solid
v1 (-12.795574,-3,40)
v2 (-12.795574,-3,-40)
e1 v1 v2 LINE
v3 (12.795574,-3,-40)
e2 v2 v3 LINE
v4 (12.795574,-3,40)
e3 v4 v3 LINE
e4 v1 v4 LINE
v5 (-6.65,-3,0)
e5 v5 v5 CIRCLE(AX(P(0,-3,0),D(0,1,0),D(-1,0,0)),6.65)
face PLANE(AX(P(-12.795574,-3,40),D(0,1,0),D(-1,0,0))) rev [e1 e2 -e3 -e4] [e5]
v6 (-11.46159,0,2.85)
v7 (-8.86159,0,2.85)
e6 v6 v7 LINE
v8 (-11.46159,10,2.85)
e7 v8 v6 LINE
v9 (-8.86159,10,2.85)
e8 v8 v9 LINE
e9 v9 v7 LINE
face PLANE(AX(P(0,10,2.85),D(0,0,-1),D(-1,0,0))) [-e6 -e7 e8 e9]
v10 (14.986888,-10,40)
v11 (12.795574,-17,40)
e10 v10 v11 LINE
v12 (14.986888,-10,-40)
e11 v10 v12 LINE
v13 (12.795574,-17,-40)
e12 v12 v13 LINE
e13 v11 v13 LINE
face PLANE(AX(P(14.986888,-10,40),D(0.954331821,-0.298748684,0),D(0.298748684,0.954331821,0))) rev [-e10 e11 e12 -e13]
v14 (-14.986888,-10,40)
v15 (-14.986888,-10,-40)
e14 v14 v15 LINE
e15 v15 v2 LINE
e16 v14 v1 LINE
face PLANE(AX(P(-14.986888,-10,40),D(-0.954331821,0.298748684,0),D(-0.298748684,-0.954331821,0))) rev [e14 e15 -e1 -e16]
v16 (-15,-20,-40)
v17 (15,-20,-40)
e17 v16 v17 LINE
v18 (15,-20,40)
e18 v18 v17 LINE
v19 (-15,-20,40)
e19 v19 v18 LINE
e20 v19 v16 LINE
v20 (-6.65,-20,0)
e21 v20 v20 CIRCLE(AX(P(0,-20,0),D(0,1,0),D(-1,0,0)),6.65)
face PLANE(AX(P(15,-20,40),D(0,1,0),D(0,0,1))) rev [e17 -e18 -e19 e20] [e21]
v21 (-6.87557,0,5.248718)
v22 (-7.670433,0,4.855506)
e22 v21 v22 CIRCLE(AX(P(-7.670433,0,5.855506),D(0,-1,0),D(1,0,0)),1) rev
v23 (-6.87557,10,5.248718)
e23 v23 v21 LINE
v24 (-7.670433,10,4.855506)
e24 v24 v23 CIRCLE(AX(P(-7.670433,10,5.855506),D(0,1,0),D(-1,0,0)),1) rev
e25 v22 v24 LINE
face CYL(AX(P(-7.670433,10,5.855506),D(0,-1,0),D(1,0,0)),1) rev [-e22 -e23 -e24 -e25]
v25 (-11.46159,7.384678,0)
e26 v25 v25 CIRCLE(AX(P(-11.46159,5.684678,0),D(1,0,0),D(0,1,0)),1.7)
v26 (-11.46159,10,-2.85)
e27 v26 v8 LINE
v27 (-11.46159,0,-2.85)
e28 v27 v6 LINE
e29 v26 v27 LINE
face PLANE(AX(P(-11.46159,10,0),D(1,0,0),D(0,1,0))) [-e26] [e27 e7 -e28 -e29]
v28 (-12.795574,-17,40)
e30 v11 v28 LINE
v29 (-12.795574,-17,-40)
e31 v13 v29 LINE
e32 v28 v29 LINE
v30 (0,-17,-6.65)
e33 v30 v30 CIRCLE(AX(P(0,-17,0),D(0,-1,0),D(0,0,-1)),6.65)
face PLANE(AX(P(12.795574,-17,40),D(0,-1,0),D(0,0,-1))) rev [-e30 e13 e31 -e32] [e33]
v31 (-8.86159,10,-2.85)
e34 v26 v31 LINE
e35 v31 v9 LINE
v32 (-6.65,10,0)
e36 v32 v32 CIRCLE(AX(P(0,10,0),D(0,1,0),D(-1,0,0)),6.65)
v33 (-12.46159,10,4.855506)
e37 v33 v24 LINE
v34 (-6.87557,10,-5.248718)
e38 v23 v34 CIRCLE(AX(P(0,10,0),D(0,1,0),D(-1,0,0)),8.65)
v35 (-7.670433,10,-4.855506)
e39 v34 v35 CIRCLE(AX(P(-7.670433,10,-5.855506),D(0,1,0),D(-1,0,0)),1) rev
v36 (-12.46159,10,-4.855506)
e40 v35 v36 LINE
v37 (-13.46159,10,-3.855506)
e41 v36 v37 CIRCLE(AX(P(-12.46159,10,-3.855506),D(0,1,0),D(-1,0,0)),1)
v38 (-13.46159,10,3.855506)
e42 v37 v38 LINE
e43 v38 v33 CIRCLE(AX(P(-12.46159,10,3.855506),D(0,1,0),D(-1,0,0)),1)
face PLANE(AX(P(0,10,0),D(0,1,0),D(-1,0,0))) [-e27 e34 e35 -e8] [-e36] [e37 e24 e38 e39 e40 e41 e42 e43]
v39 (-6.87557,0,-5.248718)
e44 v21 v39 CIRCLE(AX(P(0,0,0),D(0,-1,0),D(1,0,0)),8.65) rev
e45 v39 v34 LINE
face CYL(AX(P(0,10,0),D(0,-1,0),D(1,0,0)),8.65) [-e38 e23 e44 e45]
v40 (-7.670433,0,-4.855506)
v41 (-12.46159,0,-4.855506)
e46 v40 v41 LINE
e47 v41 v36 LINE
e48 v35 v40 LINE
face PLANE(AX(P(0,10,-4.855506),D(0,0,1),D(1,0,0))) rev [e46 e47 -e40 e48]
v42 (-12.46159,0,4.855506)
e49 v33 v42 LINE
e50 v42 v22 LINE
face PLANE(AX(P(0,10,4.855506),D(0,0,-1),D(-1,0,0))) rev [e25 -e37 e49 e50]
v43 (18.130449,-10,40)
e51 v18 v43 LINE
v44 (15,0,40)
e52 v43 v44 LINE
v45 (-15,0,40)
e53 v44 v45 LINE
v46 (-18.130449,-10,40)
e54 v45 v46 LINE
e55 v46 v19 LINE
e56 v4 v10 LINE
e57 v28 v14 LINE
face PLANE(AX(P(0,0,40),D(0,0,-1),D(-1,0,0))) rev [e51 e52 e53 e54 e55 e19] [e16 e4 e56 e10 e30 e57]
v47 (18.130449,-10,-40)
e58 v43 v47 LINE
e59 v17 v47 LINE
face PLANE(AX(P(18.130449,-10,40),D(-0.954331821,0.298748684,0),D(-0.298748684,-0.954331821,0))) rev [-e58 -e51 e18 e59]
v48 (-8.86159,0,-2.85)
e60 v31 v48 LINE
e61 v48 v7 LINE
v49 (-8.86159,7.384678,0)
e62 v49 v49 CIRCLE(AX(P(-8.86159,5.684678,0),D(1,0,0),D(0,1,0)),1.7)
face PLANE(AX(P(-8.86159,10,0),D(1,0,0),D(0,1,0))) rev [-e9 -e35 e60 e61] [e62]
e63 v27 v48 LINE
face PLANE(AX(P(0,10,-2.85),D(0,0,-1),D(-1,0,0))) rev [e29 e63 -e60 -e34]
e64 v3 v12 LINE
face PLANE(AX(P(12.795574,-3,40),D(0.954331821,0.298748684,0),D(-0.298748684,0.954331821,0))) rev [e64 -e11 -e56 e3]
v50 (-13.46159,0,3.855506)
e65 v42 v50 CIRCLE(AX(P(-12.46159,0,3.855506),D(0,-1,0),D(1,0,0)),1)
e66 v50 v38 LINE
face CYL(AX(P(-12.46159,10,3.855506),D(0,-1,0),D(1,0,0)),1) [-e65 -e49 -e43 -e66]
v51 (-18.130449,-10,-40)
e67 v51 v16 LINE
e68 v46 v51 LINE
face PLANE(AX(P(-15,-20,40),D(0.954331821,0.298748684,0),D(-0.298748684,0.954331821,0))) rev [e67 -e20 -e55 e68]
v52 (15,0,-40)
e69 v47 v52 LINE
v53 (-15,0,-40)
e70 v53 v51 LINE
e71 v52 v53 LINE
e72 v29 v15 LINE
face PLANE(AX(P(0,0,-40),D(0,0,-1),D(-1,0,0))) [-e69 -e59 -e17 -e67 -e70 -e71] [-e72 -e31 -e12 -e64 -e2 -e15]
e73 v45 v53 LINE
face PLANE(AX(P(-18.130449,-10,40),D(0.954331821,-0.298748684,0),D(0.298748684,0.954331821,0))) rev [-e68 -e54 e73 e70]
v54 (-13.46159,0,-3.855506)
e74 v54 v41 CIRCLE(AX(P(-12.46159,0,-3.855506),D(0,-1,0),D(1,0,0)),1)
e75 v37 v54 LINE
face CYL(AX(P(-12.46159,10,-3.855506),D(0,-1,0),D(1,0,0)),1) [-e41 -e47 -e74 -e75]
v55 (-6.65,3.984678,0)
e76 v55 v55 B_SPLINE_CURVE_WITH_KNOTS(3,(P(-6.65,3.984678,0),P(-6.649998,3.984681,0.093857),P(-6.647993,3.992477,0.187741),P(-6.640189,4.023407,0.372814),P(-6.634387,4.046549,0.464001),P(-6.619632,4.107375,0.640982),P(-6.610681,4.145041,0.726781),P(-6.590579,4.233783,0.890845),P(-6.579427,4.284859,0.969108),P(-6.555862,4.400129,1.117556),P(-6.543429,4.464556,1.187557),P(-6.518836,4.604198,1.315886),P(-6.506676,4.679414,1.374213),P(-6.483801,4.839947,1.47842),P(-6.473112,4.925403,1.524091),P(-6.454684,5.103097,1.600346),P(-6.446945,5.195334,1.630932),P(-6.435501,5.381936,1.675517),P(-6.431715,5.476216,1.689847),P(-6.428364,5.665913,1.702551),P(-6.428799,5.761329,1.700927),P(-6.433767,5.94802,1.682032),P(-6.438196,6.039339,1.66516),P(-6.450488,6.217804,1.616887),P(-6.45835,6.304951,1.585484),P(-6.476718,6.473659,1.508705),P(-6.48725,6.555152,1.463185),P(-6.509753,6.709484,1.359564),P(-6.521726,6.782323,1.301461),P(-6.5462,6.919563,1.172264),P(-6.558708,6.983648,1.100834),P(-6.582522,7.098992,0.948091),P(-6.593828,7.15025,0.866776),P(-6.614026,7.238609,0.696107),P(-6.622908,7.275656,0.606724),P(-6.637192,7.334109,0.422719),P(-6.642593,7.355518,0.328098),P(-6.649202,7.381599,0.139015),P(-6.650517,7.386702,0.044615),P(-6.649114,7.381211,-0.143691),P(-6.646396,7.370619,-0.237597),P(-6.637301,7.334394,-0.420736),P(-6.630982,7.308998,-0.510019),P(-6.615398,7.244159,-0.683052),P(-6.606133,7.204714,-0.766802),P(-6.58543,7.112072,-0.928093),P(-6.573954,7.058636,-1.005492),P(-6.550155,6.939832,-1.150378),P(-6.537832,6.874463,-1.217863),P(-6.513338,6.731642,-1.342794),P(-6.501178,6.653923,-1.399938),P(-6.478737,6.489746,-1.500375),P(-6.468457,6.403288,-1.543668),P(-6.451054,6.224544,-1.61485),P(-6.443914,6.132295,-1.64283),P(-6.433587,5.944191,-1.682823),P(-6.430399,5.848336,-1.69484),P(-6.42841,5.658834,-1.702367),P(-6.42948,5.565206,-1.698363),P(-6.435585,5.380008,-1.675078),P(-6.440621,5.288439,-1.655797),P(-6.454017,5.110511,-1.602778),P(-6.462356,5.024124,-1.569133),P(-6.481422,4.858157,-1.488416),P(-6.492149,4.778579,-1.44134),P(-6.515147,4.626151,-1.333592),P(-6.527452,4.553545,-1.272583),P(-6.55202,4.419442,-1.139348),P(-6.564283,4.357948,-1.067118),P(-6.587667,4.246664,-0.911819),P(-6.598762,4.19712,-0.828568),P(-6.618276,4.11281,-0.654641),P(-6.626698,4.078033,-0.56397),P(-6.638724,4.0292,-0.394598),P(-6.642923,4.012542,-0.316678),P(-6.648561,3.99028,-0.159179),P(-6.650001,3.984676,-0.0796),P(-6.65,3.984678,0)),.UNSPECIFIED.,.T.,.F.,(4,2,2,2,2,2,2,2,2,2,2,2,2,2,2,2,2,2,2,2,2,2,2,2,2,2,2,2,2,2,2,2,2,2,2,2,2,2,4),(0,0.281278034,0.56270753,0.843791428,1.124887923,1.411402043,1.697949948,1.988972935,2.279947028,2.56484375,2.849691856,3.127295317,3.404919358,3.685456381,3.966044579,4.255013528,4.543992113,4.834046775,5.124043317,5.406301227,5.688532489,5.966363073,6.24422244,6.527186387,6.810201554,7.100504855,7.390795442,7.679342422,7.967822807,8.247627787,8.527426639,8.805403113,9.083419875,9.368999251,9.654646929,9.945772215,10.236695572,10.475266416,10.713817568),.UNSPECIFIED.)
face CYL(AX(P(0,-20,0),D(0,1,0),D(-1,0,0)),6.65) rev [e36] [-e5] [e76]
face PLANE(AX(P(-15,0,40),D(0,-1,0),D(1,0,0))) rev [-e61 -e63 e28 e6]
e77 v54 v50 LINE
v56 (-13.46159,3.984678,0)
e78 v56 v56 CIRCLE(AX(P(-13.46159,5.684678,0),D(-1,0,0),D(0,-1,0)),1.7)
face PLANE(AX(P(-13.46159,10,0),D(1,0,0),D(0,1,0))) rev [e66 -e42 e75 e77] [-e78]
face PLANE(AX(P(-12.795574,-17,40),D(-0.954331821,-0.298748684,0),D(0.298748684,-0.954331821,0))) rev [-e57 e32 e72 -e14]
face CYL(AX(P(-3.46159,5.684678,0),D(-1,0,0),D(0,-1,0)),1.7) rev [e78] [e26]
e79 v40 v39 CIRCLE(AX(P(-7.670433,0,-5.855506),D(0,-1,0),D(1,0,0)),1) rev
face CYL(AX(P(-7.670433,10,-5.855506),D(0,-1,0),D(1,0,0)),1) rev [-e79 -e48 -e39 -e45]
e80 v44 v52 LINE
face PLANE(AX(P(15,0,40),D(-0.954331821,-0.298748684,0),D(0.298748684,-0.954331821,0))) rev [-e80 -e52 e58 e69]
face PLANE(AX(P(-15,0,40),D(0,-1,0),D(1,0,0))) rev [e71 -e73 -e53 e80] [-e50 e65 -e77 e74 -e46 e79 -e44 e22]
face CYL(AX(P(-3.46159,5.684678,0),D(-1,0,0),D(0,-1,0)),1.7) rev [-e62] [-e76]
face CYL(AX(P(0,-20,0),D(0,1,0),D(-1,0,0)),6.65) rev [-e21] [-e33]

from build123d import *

# Parameters (mm, degrees)
EXTRUDE_1_DEPTH     = 40
CUT_EXTRUDE_3_DEPTH = 81
SKETCH_8_R          = 6.65
CUT_EXTRUDE_4_DEPTH = 21
SKETCH_9_R          = 8.65
SKETCH_9_R_2        = 6.65
EXTRUDE_2_DEPTH     = 10
SKETCH_10_W         = 2.6
SKETCH_10_H         = 5.7
EXTRUDE_3_DEPTH     = 10
SKETCH_11_R         = 1.7
CUT_EXTRUDE_5_DEPTH = 10
FILLET_1_R          = 1


with BuildPart() as part:
    # 草图1 → 凸台-拉伸1 (new body, symmetric)
    with BuildSketch(Plane.XY):
        Polygon((-15, 0), (15, 0), (18.130448736, -10), (15, -20), (-15, -20), (-18.130448736, -10), align=None)
    extrude(amount=EXTRUDE_1_DEPTH, both=True)

    # 草图7 → 切除-拉伸3 (cut, through all)
    with BuildSketch(Plane(origin=(0, 0, -40), x_dir=(-1, 0, 0), z_dir=(0, 0, -1))):
        Polygon((14.986888042, -10), (12.795573927, -3), (-12.795573927, -3), (-14.986888042, -10), (-12.795573927, -17), (12.795573927, -17), align=None)
    extrude(amount=-CUT_EXTRUDE_3_DEPTH, mode=Mode.SUBTRACT)

    # 草图8 → 切除-拉伸4 (cut, through all)
    with BuildSketch(Plane(origin=(0, 0, 0), x_dir=(1, 0, 0), z_dir=(0, 1, 0))):
        Circle(SKETCH_8_R)
    extrude(amount=-CUT_EXTRUDE_4_DEPTH, mode=Mode.SUBTRACT)

    # 草图9 → 凸台-拉伸2 (add)
    with BuildSketch(Plane(origin=(0, 0, 0), x_dir=(1, 0, 0), z_dir=(0, 1, 0))):
        Circle(SKETCH_9_R)
        Circle(SKETCH_9_R_2, mode=Mode.SUBTRACT)
    extrude(amount=EXTRUDE_2_DEPTH)

    # 草图10 → 凸台-拉伸3 (add)
    with BuildSketch(Plane(origin=(0, 0, 0), x_dir=(1, 0, 0), z_dir=(0, 1, 0))):
        with BuildLine():
            ThreePointArc((-7.158670401, -4.855505955), (-8.65, 0), (-7.158670401, 4.855505955))
            Line((-7.158670401, 4.855505955), (-13.461589548, 4.855505955))
            Line((-13.461589548, 4.855505955), (-13.461589548, -4.855505955))
            Line((-13.461589548, -4.855505955), (-7.158670401, -4.855505955))
        make_face()
        with Locations((-10.161589548, 0)):
            Rectangle(SKETCH_10_W, SKETCH_10_H, mode=Mode.SUBTRACT)
    extrude(amount=EXTRUDE_3_DEPTH)

    # 草图11 → 切除-拉伸5 (cut)
    with BuildSketch(Plane.ZY.offset(13.461589548)):
        with Locations((0, 5.684678401)):
            Circle(SKETCH_11_R)
    extrude(amount=-CUT_EXTRUDE_5_DEPTH, mode=Mode.SUBTRACT)

    # 圆角1
    fillet_1_edges = [part.edges().sort_by_distance(p)[0] for p in [
        (-13.461589548, 5, -4.855505955),
        (-13.461589548, 5, 4.855505955),
        (-7.158670401, 5, 4.855505955),
        (-7.158670401, 5, -4.855505955),
    ]]
    fillet(fillet_1_edges, radius=FILLET_1_R)


solid = part.part
